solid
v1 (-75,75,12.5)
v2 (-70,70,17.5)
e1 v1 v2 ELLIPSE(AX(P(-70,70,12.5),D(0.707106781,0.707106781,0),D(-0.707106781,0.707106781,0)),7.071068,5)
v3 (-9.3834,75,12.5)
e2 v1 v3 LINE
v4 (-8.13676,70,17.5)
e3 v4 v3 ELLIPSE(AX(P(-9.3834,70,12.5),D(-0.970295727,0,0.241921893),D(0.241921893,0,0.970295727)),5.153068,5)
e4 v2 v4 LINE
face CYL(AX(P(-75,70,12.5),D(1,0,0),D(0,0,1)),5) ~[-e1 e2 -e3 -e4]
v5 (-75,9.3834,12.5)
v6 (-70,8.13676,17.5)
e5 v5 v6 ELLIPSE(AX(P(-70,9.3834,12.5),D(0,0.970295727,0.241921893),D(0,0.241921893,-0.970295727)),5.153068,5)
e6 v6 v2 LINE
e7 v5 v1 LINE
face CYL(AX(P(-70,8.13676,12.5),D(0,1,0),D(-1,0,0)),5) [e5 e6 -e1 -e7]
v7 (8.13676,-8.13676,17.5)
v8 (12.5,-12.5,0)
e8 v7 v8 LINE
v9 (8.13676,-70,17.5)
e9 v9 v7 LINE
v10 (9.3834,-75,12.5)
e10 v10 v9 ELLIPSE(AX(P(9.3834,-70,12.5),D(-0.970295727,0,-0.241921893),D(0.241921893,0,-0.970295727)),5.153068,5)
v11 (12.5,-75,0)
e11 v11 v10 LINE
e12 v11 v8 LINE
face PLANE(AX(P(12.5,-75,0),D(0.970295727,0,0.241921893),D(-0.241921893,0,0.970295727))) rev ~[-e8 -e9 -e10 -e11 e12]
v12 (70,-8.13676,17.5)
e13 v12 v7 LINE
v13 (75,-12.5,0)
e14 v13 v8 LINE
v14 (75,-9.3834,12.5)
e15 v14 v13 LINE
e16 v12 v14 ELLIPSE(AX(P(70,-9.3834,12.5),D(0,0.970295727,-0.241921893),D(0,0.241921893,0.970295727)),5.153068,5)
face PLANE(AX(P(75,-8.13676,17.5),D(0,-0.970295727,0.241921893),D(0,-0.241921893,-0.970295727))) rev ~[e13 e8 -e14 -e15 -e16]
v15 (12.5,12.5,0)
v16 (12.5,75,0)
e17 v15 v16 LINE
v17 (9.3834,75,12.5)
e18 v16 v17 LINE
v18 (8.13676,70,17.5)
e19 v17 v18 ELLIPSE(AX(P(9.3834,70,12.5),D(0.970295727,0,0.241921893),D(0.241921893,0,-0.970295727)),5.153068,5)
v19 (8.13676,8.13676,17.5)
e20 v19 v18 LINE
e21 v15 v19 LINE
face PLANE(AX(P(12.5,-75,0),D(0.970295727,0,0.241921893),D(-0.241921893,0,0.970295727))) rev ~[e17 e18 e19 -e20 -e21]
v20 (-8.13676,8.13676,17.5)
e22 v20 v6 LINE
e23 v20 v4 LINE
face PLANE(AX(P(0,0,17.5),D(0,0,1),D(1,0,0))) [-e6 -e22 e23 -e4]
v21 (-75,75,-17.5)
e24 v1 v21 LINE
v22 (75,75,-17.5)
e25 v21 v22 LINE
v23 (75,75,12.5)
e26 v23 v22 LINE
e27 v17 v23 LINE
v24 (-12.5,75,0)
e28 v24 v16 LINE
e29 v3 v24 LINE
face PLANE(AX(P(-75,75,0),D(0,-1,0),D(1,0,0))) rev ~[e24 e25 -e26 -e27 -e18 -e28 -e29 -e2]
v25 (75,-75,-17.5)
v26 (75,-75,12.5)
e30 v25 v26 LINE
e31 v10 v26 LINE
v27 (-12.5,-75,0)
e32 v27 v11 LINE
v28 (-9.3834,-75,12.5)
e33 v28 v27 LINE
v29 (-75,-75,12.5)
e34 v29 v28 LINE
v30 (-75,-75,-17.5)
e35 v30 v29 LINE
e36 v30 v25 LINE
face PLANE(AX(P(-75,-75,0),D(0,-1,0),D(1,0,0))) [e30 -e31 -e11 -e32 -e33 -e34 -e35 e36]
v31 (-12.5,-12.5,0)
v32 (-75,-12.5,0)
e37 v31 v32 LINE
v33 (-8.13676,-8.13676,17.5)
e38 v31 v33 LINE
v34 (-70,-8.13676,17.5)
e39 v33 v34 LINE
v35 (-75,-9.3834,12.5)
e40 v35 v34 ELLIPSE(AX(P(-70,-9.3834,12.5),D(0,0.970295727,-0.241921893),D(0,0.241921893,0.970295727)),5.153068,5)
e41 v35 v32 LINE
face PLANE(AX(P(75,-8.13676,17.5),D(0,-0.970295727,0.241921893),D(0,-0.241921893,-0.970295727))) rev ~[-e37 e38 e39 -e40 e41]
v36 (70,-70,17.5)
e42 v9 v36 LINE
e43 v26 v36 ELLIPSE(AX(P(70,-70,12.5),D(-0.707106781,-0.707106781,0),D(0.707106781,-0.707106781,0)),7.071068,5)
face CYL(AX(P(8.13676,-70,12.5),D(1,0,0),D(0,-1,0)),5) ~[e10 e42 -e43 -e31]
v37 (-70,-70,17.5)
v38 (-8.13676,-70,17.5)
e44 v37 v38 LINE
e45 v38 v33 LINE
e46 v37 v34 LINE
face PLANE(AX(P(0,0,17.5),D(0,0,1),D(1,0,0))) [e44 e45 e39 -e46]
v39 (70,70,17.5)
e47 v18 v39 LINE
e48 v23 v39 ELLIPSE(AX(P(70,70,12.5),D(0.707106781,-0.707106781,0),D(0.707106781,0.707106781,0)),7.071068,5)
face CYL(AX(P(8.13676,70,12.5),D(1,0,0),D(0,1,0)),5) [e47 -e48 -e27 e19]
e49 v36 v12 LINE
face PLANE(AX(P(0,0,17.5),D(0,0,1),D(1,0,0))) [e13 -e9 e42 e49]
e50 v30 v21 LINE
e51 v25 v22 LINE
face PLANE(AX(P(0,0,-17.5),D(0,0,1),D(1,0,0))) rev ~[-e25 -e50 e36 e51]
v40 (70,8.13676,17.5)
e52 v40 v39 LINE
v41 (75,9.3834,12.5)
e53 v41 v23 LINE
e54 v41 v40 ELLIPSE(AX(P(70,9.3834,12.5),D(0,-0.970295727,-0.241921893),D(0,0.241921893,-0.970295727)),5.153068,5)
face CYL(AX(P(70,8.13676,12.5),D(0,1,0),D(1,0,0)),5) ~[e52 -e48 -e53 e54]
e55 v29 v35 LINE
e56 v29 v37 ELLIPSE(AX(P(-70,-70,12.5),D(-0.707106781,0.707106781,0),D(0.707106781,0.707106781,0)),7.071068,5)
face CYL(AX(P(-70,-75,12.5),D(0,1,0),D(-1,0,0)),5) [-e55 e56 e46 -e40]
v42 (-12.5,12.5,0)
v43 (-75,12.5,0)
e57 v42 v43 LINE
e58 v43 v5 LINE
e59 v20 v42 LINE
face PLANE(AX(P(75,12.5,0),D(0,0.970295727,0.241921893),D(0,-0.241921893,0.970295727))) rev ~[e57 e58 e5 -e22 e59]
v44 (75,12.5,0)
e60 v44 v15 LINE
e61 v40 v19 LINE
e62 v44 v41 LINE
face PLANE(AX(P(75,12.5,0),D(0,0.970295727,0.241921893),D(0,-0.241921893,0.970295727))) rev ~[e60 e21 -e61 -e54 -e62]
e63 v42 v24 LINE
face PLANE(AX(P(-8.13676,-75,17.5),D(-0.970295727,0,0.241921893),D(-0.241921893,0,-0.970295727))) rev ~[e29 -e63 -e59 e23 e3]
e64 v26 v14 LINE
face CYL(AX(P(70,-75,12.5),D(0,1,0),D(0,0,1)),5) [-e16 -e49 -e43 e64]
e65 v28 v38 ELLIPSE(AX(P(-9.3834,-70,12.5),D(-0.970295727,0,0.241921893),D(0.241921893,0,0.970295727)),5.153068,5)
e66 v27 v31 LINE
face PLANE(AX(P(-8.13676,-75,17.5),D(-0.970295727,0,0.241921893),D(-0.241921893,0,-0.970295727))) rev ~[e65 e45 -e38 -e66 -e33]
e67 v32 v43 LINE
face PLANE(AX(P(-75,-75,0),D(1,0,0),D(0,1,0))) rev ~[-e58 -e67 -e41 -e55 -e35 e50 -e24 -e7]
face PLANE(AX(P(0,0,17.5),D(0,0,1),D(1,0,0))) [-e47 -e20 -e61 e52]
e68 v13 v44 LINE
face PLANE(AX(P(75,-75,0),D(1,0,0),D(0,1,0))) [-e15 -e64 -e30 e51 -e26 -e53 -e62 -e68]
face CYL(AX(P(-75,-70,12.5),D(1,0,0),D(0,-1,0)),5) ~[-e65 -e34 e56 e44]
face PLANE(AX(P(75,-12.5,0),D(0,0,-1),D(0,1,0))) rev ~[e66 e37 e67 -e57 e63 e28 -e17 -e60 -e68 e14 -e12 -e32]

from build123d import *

# Parameters (mm, degrees)
F0_W     = 150
F0_H     = 150
F1_DEPTH = 17.5
F3_DEPTH = 150.001
F5_DEPTH = 150.001
F6_R     = 5


with BuildPart() as f1:
    # F0 (on Top) → F1 (new body, symmetric)
    with BuildSketch(Plane.XY):
        Rectangle(F0_W, F0_H)
    extrude(amount=F1_DEPTH, both=True)

    # F2 (on face) → F3 (cut, through all)
    with BuildSketch(Plane.XZ.offset(75)):
        Polygon((-8.13676, 17.5), (-12.5, 0), (12.5, 0), (8.13676, 17.5), align=None)
    extrude(amount=-F3_DEPTH, mode=Mode.SUBTRACT)

    # F4 (on face) → F5 (cut, through all)
    with BuildSketch(Plane.YZ.offset(75)):
        Polygon((-8.13676, 17.5), (-12.5, 0), (12.5, 0), (8.13676, 17.5), align=None)
    extrude(amount=-F5_DEPTH, mode=Mode.SUBTRACT)

    # F6
    f6_edges = [f1.edges().sort_by_distance(p)[0] for p in [
        (-75, 41.56838, 17.5),
        (-75, -41.56838, 17.5),
        (-41.56838, -75, 17.5),
        (41.56838, -75, 17.5),
        (75, -41.56838, 17.5),
        (75, 41.56838, 17.5),
        (41.56838, 75, 17.5),
        (-41.56838, 75, 17.5),
    ]]
    fillet(f6_edges, radius=F6_R)


solid = f1.part
